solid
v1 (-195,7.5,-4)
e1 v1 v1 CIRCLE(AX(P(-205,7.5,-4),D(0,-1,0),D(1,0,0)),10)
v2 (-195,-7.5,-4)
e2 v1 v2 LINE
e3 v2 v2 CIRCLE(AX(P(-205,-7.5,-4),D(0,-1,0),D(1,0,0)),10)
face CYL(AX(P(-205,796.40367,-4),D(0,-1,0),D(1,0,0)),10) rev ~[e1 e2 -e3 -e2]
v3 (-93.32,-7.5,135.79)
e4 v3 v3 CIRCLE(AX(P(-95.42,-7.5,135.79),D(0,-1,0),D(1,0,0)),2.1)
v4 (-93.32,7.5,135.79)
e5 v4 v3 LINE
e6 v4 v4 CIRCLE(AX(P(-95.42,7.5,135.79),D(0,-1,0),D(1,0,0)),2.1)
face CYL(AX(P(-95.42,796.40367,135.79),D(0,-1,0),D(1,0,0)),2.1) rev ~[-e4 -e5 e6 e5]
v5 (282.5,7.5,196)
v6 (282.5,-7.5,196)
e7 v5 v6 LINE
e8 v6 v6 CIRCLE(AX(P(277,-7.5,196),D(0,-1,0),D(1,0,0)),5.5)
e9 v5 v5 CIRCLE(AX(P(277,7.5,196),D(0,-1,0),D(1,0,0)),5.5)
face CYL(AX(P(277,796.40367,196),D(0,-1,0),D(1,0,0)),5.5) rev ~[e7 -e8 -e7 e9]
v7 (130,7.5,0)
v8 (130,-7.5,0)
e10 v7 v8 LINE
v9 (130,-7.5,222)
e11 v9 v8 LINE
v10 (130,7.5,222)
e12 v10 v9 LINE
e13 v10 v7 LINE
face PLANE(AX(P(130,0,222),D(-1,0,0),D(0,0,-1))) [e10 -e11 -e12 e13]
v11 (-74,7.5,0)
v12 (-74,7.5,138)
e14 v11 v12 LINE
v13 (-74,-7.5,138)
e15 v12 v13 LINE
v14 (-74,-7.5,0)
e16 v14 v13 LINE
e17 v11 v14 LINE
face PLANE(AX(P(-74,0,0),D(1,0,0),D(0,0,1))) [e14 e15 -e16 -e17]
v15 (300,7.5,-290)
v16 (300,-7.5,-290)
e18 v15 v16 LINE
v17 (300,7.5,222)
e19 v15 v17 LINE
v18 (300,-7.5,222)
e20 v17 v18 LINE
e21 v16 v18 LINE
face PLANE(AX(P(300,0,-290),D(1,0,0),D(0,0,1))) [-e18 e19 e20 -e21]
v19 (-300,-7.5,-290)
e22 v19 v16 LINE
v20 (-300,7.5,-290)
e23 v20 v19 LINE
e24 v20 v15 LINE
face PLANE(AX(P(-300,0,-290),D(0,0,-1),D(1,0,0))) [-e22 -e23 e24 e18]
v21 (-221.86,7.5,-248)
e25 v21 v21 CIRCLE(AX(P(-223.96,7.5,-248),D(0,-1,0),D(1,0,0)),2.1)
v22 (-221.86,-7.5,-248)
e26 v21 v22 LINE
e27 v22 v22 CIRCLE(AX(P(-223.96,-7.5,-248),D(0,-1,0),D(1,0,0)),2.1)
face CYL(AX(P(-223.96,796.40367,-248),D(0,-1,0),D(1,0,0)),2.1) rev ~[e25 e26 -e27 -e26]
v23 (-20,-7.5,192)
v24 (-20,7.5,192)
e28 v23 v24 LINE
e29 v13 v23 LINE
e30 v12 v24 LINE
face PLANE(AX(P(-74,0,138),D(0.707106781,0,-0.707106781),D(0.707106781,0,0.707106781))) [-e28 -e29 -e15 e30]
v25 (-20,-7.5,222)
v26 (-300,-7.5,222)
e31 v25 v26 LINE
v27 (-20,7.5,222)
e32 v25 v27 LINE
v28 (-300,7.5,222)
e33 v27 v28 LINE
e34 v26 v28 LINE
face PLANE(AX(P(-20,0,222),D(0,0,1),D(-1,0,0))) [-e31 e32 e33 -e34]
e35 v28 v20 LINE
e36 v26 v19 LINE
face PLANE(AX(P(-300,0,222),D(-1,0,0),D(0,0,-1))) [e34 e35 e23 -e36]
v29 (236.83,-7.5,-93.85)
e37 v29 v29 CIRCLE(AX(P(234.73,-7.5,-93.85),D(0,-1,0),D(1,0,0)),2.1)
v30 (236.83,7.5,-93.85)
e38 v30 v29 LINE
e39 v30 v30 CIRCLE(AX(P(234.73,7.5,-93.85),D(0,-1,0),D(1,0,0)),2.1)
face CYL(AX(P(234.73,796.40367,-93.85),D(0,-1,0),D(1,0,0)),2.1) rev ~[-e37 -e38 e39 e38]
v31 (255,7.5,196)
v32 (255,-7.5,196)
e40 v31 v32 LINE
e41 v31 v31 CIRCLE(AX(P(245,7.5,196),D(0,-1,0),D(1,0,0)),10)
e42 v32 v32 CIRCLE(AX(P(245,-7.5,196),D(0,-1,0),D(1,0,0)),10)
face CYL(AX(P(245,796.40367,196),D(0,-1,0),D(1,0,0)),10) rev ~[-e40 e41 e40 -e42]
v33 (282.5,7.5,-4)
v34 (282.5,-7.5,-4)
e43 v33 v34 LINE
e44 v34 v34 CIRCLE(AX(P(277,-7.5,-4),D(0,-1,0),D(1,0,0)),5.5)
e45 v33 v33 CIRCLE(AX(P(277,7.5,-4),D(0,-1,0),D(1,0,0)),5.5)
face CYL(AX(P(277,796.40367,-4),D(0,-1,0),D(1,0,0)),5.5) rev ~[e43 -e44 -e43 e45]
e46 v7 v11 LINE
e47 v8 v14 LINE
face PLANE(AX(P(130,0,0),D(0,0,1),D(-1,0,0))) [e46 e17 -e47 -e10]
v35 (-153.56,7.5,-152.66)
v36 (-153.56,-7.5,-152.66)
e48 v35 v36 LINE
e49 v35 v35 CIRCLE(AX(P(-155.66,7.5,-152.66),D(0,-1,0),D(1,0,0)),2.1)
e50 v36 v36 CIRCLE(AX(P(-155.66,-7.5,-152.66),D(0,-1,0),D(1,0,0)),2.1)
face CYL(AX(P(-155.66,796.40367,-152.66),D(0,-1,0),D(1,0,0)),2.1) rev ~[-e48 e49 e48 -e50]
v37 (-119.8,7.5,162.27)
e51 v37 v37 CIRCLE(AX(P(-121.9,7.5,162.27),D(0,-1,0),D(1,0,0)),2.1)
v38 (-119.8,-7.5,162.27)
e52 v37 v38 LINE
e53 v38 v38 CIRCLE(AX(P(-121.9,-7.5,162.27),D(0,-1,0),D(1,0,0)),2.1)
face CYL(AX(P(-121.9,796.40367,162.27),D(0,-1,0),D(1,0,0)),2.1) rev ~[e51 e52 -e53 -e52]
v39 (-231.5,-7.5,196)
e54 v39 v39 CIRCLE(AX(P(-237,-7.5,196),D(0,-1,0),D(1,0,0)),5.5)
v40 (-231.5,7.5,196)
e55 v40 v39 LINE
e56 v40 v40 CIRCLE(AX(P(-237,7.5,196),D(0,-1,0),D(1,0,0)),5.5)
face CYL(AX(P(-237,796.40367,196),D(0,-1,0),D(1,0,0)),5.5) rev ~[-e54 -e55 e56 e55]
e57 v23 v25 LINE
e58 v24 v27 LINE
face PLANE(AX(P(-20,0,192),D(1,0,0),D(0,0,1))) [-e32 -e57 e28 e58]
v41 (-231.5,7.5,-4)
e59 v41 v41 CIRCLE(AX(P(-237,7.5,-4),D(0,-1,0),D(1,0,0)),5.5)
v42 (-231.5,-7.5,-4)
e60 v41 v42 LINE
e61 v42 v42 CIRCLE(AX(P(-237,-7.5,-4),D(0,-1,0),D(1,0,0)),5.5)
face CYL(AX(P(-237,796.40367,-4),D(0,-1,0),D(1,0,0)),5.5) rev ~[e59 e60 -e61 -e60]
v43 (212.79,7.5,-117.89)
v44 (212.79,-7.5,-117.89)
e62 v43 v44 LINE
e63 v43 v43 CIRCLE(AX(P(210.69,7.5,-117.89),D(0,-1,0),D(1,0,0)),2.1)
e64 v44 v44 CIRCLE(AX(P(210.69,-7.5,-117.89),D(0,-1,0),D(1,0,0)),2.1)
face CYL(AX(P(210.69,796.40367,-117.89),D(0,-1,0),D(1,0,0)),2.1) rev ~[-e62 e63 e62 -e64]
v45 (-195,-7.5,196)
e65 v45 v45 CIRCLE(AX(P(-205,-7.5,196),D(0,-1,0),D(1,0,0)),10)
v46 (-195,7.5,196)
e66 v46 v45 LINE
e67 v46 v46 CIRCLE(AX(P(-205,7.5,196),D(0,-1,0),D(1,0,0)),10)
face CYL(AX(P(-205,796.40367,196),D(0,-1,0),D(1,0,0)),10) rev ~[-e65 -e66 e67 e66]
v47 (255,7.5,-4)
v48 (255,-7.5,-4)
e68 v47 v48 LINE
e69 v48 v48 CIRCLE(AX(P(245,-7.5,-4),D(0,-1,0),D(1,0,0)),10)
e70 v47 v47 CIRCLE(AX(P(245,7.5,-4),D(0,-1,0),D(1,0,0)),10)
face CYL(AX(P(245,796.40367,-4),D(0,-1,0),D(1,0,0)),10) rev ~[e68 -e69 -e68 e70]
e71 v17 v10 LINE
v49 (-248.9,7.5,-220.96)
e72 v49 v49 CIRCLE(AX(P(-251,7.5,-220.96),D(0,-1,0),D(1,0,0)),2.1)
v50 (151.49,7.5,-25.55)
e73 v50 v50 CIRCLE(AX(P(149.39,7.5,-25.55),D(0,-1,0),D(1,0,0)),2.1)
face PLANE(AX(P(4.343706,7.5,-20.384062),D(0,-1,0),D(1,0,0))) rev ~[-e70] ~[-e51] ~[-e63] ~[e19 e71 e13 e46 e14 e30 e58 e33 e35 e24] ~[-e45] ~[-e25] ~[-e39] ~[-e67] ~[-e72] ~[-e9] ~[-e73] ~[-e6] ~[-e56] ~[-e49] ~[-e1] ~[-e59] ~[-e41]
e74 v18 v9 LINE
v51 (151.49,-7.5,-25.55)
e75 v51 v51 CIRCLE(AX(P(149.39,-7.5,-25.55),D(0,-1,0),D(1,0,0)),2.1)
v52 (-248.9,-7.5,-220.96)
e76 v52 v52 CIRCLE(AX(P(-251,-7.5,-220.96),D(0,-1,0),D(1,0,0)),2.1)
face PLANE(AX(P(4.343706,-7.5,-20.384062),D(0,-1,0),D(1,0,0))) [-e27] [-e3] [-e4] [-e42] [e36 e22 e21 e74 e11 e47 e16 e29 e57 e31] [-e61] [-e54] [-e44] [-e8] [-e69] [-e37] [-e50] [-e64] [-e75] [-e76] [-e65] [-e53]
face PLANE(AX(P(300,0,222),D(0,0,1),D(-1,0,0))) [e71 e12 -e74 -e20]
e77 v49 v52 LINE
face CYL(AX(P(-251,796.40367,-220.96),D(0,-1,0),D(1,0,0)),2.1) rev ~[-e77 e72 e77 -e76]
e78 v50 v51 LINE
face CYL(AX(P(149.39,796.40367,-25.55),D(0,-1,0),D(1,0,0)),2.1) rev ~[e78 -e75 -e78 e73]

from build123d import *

# Parameters (mm, degrees)
F1_DEPTH = 7.5
F3_D     = 20
F5_D     = 4.2
F7_D     = 11


with BuildPart() as f1:
    # F0 (on Front) → F1 (new body, symmetric)
    with BuildSketch(Plane.XZ):
        Polygon((-300, 222), (-300, -290), (300, -290), (300, 222), (130, 222), (130, 0), (-74, 0), (-74, 138), (-20, 192), (-20, 222), align=None)
    extrude(amount=F1_DEPTH, both=True)

    # F3 (through all)
    with Locations(Plane(origin=(0, 7.5, 0), x_dir=(-1, 0, 0), z_dir=(0, 1, 0))):
        with Locations((-245, 196), (205, 196), (-245, -4), (205, -4)):
            Hole(F3_D / 2)

    # F5 (through all)
    with Locations(Plane(origin=(0, 7.5, 0), x_dir=(-1, 0, 0), z_dir=(0, 1, 0))):
        with Locations((-210.69, -117.89), (-234.73, -93.85), (-149.39, -25.55), (155.66, -152.66), (223.96, -248), (251, -220.96), (95.42, 135.79), (121.9, 162.27)):
            Hole(F5_D / 2)

    # F7 (through all)
    with Locations(Plane(origin=(0, 7.5, 0), x_dir=(-1, 0, 0), z_dir=(0, 1, 0))):
        with Locations((-277, 196), (-277, -4), (237, 196), (237, -4)):
            Hole(F7_D / 2)


solid = f1.part
